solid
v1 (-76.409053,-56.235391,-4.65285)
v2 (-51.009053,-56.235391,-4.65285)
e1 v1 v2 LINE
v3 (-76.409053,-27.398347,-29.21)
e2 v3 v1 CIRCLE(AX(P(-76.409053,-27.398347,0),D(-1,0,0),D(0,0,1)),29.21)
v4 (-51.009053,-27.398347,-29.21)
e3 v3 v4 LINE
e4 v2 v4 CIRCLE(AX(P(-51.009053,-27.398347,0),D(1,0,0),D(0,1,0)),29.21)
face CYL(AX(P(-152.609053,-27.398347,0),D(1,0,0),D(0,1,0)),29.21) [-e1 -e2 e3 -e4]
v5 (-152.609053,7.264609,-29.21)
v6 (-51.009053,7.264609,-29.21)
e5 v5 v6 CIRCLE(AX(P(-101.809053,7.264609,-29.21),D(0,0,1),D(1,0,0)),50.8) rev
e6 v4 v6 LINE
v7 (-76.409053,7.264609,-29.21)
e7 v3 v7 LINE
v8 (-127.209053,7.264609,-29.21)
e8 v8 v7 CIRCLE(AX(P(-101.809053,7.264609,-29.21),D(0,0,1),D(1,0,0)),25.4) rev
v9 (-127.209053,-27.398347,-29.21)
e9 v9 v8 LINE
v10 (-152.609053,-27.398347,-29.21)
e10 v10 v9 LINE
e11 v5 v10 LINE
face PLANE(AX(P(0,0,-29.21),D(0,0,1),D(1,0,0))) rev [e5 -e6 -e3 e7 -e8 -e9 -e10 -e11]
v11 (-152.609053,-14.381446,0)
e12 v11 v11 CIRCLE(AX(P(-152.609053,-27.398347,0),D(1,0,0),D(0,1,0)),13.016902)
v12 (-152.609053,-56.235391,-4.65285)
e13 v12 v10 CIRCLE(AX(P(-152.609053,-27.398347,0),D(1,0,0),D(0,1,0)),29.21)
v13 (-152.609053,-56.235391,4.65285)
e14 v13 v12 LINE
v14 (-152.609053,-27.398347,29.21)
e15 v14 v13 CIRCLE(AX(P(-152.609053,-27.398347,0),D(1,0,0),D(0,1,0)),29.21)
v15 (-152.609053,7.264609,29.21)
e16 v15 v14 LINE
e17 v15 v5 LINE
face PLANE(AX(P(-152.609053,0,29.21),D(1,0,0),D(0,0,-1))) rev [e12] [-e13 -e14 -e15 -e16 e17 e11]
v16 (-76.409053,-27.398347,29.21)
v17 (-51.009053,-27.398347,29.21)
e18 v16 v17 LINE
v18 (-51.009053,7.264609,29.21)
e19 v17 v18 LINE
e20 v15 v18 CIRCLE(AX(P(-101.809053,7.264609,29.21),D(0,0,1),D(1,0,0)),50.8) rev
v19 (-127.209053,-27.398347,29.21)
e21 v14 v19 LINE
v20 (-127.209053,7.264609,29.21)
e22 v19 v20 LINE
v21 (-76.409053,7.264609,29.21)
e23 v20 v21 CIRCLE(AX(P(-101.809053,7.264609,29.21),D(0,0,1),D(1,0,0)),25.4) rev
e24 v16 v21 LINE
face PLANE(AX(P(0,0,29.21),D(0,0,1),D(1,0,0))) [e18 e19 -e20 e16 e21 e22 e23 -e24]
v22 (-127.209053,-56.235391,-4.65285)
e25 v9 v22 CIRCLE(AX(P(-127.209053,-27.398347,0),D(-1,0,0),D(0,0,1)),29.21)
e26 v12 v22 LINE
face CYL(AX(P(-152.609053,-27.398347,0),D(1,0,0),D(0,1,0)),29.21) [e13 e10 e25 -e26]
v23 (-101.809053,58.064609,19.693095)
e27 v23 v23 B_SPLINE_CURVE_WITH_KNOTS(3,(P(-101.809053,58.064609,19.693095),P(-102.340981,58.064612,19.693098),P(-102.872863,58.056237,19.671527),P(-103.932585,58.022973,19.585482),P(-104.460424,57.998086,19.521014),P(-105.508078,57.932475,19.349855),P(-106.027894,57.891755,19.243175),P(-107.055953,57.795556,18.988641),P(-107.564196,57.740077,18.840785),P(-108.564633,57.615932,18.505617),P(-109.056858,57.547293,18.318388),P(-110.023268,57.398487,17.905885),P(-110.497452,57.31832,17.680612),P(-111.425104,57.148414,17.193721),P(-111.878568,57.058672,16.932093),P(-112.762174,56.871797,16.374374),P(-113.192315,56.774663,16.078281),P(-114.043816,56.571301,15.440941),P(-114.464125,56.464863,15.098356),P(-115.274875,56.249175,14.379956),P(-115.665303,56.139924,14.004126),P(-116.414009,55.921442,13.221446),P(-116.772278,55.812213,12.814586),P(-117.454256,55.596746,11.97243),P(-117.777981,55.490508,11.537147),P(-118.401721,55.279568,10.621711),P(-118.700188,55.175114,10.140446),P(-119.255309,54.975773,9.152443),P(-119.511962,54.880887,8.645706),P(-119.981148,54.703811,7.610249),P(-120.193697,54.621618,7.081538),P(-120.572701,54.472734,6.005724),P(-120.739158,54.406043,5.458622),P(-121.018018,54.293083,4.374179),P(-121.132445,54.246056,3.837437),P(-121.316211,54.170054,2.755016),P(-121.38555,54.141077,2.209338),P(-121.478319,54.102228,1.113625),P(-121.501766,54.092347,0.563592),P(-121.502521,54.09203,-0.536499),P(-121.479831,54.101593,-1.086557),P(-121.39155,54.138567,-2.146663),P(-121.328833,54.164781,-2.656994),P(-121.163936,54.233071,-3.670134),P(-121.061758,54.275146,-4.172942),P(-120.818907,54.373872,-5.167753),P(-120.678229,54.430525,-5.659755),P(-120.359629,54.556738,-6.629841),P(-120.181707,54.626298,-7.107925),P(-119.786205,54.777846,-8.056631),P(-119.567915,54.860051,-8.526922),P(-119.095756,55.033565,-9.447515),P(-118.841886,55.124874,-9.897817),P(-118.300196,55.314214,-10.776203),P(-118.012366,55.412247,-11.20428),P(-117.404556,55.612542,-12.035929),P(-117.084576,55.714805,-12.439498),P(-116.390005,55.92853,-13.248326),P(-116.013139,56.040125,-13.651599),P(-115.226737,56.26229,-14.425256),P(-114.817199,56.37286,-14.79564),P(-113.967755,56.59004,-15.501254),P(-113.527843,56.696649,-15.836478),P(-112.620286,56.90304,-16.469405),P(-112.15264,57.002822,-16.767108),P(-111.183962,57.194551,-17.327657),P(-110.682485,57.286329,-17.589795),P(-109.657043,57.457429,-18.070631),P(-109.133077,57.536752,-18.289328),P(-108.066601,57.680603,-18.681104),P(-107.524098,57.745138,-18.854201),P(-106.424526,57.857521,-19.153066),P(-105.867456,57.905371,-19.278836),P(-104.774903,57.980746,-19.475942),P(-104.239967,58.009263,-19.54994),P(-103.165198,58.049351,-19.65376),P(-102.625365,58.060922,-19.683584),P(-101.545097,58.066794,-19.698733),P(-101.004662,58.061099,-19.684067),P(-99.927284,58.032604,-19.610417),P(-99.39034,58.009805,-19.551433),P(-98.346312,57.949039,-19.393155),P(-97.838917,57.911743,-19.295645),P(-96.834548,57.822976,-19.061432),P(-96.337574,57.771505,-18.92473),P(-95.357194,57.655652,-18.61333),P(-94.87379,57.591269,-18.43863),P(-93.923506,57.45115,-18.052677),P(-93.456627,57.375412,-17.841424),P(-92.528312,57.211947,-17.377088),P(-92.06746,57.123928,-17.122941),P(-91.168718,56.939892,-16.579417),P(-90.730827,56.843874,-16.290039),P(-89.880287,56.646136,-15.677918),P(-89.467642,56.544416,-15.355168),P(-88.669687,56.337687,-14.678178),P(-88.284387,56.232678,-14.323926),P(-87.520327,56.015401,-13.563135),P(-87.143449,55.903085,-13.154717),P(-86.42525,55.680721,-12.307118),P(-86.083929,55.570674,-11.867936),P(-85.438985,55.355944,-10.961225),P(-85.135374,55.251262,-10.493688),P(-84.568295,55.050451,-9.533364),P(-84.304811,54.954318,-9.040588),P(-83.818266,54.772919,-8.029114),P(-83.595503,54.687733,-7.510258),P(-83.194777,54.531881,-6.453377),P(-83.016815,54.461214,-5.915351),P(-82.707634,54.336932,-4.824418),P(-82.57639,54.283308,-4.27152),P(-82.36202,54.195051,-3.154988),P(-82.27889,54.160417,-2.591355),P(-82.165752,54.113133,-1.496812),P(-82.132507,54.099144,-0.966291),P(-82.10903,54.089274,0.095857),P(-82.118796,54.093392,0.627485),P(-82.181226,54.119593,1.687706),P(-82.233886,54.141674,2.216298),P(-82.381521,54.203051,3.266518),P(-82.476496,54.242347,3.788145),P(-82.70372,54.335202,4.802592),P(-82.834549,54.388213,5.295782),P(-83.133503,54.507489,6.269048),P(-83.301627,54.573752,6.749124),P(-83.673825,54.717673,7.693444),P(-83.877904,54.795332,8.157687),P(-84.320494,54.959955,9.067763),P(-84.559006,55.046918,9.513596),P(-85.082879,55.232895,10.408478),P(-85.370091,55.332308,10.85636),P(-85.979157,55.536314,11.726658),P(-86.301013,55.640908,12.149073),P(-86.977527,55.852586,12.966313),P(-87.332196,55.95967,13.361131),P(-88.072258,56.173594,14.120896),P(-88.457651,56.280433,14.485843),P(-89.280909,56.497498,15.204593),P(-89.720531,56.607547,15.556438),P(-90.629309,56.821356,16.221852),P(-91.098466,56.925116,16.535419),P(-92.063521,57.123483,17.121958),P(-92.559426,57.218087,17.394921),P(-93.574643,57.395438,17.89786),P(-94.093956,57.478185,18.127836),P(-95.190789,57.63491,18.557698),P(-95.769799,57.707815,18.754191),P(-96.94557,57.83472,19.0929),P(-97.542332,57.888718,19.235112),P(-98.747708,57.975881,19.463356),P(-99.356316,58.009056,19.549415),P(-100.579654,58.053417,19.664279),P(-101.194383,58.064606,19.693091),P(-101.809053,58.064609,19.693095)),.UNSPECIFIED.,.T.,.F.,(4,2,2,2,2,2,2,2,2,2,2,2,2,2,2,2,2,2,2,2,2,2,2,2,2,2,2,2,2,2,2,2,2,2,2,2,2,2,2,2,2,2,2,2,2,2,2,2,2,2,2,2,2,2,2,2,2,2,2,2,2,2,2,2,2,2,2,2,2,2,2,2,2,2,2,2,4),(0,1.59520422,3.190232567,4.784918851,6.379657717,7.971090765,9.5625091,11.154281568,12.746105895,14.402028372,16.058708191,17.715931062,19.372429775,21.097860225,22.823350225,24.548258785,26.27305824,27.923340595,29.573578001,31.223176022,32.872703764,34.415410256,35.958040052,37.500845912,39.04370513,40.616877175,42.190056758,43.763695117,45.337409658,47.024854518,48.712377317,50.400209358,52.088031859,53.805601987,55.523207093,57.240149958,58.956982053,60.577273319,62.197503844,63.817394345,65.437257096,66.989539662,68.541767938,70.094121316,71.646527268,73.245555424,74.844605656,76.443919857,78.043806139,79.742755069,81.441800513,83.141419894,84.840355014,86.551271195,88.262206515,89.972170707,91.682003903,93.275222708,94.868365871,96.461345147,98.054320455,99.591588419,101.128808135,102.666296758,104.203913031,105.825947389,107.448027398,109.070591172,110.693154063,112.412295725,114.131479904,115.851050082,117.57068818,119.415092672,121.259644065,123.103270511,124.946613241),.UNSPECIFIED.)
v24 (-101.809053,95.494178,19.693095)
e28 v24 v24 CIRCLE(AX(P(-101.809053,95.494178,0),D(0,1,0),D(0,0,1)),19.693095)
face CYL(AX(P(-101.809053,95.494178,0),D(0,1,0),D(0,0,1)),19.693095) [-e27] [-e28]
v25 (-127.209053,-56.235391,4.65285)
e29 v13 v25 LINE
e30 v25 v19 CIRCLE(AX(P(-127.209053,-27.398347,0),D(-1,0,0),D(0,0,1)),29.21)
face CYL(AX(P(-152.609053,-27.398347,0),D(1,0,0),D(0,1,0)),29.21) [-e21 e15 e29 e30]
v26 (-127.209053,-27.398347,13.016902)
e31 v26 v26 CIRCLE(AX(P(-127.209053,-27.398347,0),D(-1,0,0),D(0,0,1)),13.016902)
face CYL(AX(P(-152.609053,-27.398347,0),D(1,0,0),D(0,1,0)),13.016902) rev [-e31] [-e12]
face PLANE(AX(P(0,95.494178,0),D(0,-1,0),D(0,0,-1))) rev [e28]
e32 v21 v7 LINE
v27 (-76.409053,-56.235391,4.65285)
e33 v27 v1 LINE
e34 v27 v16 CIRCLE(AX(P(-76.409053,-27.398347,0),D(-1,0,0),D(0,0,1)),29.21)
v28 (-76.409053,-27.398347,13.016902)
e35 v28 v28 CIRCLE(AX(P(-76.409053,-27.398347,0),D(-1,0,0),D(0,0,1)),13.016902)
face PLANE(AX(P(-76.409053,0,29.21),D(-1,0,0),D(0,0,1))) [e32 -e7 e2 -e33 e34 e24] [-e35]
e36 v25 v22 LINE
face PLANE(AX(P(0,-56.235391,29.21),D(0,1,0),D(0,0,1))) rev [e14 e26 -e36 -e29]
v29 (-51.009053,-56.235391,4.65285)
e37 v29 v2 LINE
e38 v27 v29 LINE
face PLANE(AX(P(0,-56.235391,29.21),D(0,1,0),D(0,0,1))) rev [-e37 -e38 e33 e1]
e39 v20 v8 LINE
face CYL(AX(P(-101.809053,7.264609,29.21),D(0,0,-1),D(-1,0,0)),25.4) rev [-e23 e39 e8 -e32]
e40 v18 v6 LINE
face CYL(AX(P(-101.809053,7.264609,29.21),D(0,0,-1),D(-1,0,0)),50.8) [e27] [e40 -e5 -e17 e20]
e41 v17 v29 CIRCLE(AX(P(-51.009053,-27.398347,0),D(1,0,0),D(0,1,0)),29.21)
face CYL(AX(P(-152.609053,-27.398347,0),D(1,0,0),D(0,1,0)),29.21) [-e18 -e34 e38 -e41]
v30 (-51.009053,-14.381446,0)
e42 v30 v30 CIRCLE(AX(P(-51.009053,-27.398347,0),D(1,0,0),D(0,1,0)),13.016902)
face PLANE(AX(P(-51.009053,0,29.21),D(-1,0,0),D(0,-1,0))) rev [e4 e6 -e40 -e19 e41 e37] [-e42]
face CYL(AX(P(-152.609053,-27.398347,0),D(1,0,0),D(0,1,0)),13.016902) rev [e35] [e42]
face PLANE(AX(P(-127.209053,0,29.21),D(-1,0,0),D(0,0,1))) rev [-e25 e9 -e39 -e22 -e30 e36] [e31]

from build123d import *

# Parameters (mm, degrees)
BOSS_EXTRUDE1_DEPTH = 29.21
CUT_EXTRUDE1_DEPTH  = 143.460247374


with BuildPart() as part:
    # Sketch1 → Boss-Extrude1 (new, symmetric)
    with BuildSketch(Plane.XY):
        with BuildLine():
            ThreePointArc((-152.609053498, 7.264609053), (-101.809053498, 58.064609053), (-51.009053498, 7.264609053))
            Line((-51.009053498, 7.264609053), (-51.009053498, -56.235390947))
            Line((-51.009053498, -56.235390947), (-76.409053498, -56.235390947))
            Line((-76.409053498, -56.235390947), (-76.409053498, 7.264609053))
            ThreePointArc((-76.409053498, 7.264609053), (-101.809053498, 32.664609053), (-127.209053498, 7.264609053))
            Line((-127.209053498, 7.264609053), (-127.209053498, -56.235390947))
            Line((-127.209053498, -56.235390947), (-152.609053498, -56.235390947))
            Line((-152.609053498, -56.235390947), (-152.609053498, 7.264609053))
        make_face()
    extrude(amount=BOSS_EXTRUDE1_DEPTH, both=True)

    # Sketch1<4> → Revolve1 (revolve)
    with BuildSketch(Plane.XY, mode=Mode.PRIVATE) as revolve1_sk:
        with BuildLine():
            Line((-121.502148415, 95.494177501), (-121.502148415, 54.092186533))
            ThreePointArc((-121.502148415, 54.092186533), (-111.853929407, 57.061601613), (-101.809053498, 58.064609053))
            Line((-101.809053498, 58.064609053), (-101.809053498, 95.494177501))
            Line((-101.809053498, 95.494177501), (-121.502148415, 95.494177501))
        make_face()
    revolve(revolve1_sk.sketch.rotate(Axis((-101.809053498, 95.494177501, 0), (0, -1, 0)), 270), axis=Axis((-101.809053498, 95.494177501, 0), (0, -1, 0)))

    # Sketch3 → Cut-Extrude1 (cut, through all)
    with BuildSketch(Plane(origin=(-51.009053498, 0, 0), x_dir=(0, 0, -1), z_dir=(1, 0, 0))):
        with BuildLine():
            ThreePointArc((-13.016901543, -27.398347302), (0, -40.415248845), (13.016901543, -27.398347302))
            Line((13.016901543, -27.398347302), (-13.016901543, -27.398347302))
        make_face()
        with BuildLine():
            Line((-13.016901543, -27.398347302), (13.016901543, -27.398347302))
            ThreePointArc((13.016901543, -27.398347302), (0, -14.381445758), (-13.016901543, -27.398347302))
        make_face()
        with BuildLine():
            ThreePointArc((-4.652850075, -56.235390947), (-22.238860702, -46.336593647), (-29.21, -27.398347302))
            Line((-29.21, -27.398347302), (-29.21, -56.235390947))
            Line((-29.21, -56.235390947), (-4.652850075, -56.235390947))
        make_face()
        with BuildLine():
            Line((29.21, -56.235390947), (29.21, -27.398347302))
            ThreePointArc((29.21, -27.398347302), (22.238860702, -46.336593647), (4.652850075, -56.235390947))
            Line((4.652850075, -56.235390947), (29.21, -56.235390947))
        make_face()
    extrude(amount=-CUT_EXTRUDE1_DEPTH, mode=Mode.SUBTRACT)


solid = part.part
